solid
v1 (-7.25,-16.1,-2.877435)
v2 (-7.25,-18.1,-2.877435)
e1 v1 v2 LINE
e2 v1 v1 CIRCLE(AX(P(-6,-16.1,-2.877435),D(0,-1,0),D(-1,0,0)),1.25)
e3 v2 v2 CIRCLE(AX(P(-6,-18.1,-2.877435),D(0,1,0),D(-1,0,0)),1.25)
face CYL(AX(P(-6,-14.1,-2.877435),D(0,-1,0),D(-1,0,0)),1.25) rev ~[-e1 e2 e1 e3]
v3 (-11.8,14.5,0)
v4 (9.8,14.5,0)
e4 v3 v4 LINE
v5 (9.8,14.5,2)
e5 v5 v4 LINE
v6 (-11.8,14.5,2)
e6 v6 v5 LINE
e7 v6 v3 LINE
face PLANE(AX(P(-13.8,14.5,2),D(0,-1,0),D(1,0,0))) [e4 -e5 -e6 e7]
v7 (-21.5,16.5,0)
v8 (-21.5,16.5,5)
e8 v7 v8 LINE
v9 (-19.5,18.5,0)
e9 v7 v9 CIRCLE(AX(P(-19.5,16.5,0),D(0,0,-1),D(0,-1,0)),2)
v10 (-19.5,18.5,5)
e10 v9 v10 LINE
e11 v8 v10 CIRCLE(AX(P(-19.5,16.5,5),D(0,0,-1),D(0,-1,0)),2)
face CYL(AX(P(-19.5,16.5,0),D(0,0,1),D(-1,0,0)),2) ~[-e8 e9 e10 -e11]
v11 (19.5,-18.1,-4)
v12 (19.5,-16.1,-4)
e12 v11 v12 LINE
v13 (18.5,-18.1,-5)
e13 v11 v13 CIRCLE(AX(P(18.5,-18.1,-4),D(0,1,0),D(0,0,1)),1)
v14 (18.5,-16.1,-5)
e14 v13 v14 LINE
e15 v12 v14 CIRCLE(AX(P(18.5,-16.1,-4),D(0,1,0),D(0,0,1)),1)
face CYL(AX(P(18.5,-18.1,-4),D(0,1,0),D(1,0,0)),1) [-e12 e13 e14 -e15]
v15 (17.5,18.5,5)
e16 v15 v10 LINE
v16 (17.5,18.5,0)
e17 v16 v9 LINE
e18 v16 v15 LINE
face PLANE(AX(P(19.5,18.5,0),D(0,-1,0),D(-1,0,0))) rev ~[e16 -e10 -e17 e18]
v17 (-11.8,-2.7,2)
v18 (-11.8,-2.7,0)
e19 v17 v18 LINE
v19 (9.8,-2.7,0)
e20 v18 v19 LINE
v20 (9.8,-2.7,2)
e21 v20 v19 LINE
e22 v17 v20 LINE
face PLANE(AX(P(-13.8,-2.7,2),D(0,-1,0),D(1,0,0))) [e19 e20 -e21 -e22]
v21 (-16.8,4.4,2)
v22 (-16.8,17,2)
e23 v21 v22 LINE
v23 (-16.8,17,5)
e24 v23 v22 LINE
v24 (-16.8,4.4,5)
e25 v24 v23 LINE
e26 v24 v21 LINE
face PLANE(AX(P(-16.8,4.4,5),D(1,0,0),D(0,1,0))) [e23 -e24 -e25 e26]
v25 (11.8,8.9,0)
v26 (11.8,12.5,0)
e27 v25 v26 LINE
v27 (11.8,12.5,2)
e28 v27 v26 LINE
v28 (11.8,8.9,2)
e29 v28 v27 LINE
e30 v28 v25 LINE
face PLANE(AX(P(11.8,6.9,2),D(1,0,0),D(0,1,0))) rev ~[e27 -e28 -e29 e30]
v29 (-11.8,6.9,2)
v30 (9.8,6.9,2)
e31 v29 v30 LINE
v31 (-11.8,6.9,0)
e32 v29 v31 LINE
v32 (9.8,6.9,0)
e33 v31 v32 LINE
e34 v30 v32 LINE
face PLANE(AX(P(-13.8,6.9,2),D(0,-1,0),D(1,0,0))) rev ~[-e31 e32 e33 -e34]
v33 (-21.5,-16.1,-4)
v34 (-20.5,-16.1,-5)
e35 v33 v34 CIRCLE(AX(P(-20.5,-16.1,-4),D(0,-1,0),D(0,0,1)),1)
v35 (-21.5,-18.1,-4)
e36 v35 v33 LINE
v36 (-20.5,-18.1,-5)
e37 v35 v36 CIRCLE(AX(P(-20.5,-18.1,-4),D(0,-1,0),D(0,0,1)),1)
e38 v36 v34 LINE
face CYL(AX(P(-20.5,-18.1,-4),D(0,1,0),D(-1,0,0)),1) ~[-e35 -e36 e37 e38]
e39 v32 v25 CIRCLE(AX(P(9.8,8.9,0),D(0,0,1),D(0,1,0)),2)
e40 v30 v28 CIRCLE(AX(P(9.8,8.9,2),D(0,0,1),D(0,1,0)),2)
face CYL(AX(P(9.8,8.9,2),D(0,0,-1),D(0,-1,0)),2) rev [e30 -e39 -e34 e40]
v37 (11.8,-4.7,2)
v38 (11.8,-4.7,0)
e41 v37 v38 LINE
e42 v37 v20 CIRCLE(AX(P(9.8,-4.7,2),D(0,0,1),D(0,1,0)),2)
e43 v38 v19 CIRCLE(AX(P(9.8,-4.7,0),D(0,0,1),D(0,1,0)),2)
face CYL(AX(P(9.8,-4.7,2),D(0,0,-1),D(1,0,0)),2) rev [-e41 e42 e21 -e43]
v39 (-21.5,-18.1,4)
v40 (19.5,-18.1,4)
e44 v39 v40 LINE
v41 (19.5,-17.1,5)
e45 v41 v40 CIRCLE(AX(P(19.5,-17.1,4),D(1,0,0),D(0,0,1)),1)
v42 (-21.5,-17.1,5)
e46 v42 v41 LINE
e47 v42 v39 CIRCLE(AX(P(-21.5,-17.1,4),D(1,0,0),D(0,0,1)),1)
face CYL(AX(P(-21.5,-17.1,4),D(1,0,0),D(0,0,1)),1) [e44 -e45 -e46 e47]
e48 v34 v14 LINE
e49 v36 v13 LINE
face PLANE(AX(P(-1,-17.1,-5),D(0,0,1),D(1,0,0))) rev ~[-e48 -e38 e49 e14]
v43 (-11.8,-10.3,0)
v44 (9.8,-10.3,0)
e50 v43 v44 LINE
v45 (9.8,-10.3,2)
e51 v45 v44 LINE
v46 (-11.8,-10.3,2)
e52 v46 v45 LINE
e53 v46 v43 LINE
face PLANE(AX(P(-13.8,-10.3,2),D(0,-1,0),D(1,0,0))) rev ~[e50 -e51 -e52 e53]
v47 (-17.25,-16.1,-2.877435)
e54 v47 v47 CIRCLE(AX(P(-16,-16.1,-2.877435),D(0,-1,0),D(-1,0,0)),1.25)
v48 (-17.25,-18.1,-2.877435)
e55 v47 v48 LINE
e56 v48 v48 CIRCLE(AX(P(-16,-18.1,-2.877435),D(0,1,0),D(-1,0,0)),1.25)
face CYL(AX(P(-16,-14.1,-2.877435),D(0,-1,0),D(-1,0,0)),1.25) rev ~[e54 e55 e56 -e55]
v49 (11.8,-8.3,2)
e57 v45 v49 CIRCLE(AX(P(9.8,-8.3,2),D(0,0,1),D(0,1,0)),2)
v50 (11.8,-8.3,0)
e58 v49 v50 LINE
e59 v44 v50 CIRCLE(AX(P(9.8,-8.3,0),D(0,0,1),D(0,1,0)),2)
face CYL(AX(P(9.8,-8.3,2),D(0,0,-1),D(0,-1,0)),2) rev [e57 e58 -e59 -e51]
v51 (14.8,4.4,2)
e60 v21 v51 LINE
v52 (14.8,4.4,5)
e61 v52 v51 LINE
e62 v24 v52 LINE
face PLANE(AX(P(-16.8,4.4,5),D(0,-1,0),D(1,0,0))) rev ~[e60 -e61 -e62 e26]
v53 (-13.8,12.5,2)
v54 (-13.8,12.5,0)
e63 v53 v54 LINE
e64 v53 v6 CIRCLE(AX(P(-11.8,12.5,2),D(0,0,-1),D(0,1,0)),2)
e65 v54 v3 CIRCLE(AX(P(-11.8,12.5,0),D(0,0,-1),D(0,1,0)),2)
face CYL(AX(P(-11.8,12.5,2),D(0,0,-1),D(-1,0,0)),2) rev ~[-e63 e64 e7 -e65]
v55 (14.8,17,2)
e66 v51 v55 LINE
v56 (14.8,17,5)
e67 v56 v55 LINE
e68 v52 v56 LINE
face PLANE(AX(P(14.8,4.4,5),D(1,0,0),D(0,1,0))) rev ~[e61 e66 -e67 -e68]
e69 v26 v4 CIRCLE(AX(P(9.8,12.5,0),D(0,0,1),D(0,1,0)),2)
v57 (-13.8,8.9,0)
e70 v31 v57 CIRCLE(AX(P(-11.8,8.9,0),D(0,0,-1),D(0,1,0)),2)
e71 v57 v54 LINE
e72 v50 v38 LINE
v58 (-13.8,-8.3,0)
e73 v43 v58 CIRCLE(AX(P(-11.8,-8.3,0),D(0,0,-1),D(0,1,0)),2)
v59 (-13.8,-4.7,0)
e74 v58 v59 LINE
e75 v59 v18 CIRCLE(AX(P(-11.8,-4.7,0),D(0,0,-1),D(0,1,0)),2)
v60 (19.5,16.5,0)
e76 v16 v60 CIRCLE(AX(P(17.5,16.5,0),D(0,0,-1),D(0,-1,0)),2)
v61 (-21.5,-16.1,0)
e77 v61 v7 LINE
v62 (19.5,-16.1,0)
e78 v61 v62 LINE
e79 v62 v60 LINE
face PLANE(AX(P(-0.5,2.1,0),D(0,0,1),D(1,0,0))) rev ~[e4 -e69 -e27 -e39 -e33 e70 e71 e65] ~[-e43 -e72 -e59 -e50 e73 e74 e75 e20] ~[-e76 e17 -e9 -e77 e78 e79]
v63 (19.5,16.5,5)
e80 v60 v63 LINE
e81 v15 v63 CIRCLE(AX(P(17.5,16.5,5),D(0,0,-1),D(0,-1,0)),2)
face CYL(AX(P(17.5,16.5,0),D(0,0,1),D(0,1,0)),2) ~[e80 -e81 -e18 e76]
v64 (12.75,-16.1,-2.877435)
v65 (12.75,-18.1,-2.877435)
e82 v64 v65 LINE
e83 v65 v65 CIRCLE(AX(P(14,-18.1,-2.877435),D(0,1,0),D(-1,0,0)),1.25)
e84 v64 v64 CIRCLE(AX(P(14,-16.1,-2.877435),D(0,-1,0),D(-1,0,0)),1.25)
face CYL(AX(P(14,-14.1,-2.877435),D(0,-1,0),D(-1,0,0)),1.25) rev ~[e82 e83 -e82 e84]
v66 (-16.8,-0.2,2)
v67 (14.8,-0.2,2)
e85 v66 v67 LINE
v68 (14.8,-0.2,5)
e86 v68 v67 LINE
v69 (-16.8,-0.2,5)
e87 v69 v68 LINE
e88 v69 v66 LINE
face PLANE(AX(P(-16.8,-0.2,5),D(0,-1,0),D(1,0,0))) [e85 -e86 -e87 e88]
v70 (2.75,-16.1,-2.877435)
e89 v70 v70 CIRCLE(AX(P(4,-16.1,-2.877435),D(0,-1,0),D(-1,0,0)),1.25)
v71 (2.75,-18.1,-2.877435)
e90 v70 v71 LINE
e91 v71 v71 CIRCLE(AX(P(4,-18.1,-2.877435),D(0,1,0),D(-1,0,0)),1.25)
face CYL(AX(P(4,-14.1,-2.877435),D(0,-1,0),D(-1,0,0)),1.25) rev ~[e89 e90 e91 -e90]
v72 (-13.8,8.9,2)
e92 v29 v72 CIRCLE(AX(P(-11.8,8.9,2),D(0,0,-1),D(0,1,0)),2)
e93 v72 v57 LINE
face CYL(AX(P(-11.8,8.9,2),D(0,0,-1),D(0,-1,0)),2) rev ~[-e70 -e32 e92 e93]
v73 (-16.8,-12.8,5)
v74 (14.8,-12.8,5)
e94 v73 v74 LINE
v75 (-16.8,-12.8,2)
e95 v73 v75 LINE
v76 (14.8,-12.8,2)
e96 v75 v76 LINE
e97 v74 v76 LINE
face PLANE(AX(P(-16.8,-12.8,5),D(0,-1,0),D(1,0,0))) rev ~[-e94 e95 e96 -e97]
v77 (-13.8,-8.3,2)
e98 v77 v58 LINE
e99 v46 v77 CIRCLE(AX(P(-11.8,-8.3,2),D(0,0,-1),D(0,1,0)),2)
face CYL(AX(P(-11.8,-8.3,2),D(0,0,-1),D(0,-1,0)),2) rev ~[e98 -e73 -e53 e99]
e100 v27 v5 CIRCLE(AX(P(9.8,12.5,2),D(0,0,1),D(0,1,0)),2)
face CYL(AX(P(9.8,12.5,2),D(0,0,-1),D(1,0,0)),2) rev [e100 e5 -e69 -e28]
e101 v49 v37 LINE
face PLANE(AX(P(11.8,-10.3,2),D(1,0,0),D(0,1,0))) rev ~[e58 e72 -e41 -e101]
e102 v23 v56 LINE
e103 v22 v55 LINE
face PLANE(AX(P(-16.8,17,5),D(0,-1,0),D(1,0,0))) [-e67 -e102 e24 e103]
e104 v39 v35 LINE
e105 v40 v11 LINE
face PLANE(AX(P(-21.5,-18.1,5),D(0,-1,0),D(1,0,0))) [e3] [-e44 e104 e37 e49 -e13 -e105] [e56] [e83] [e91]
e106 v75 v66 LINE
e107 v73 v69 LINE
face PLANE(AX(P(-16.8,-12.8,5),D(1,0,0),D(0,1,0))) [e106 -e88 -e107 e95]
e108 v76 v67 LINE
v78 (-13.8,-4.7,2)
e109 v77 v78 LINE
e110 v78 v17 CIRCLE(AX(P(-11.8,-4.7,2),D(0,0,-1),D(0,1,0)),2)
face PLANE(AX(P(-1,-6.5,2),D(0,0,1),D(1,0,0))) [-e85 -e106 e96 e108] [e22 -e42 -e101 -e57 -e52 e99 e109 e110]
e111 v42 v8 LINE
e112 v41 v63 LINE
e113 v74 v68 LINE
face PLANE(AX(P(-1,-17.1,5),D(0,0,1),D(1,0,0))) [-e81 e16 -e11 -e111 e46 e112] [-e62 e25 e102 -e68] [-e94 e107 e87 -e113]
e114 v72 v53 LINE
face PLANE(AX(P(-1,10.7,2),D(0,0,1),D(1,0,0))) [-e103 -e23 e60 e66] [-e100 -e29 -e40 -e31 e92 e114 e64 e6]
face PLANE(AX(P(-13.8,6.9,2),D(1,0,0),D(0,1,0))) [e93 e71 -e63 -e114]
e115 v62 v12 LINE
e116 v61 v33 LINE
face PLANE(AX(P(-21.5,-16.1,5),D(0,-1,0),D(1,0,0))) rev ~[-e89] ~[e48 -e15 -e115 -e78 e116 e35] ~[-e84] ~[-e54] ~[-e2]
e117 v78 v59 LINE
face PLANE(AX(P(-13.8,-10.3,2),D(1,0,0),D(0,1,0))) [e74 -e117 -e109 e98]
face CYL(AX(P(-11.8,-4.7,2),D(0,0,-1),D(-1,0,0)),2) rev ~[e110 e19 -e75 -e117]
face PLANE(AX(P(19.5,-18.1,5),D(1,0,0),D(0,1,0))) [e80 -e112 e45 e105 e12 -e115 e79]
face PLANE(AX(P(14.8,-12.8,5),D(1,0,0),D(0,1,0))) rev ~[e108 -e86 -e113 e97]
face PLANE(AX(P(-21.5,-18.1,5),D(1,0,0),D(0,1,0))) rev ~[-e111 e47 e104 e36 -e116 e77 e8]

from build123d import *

# Parameters (mm, degrees)
SKETCH1_W                   = 42
SKETCH1_H                   = 40.2
BOSS_EXTRUDE1_DEPTH         = 5
SKETCH2_W                   = 31.6
SKETCH2_H                   = 12.6
CUT_EXTRUDE1_DEPTH          = 3
SKETCH3_W                   = 25.6
SKETCH3_H                   = 7.6
CUT_EXTRUDE2_DEPTH          = 3
CUT_EXTRUDE3_DEPTH          = 5
FILLET1_R                   = 2
SKETCH9_W                   = 41
SKETCH9_H                   = 2
BOSS_EXTRUDE3_DEPTH         = 10
FILLET2_R                   = 1
TAP_DRILL_FOR_M3_TAP1_D     = 2.5
TAP_DRILL_FOR_M3_TAP1_DEPTH = 2
TAP_DRILL_FOR_M3_TAP1_TIP   = 0.751075774
FILLET3_R                   = 1


with BuildPart() as part:
    # Sketch1 → Boss-Extrude1 (new body)
    with BuildSketch(Plane.XY):
        with Locations((-0.5, 2.1)):
            Rectangle(SKETCH1_W, SKETCH1_H)
    extrude(amount=BOSS_EXTRUDE1_DEPTH)

    # Sketch2 → Cut-Extrude1 (cut)
    with BuildSketch(Plane.XY.offset(5)):
        with Locations((-1, 10.7)):
            Rectangle(SKETCH2_W, SKETCH2_H)
        with Locations((-1, -6.5)):
            Rectangle(SKETCH2_W, SKETCH2_H)
    extrude(amount=-CUT_EXTRUDE1_DEPTH, mode=Mode.SUBTRACT)

    # Sketch3 → Cut-Extrude2 (cut)
    with BuildSketch(Plane.XY.offset(2)):
        with Locations((-1, 10.7)):
            Rectangle(SKETCH3_W, SKETCH3_H)
        with Locations((-1, -6.5)):
            Rectangle(SKETCH3_W, SKETCH3_H)
    extrude(amount=-CUT_EXTRUDE2_DEPTH, mode=Mode.SUBTRACT)

    # Sketch4 → Cut-Extrude3 (cut)
    with BuildSketch(Plane(origin=(0, 0, 0), x_dir=(-1, 0, 0), z_dir=(0, 0, -1))):
        Polygon((-15.288574128, 22.2), (-20.5, 22.2), (-20.5, 16.307906388), (-20.5, -16.83473783), (-20.5, -18), (-15.288574128, -18), (16.313805872, -18), (21.5, -18), (21.5, -16.83473783), (21.5, -16.1), (-19.5, -16.1), (-19.5, 18.5), (21.5, 18.5), (21.5, 22.2), (16.313805872, 22.2), align=None)
    extrude(amount=-CUT_EXTRUDE3_DEPTH, mode=Mode.SUBTRACT)

    # Fillet1
    fillet1_edges = [part.edges().sort_by_distance(p)[0] for p in [
        (-13.8, 6.9, 1),
        (-13.8, 14.5, 1),
        (11.8, 14.5, 1),
        (11.8, 6.9, 1),
        (-13.8, -10.3, 1),
        (-13.8, -2.7, 1),
        (11.8, -2.7, 1),
        (11.8, -10.3, 1),
        (19.5, 18.5, 2.5),
        (-21.5, 18.5, 2.5),
    ]]
    fillet(fillet1_edges, radius=FILLET1_R)

    # Sketch9 → Boss-Extrude3 (add)
    with BuildSketch(Plane.XY.offset(5)):
        with Locations((-1, -17.1)):
            Rectangle(SKETCH9_W, SKETCH9_H)
    extrude(amount=-BOSS_EXTRUDE3_DEPTH)

    # Fillet2
    fillet2_edges = [part.edges().sort_by_distance(p)[0] for p in [
        (-1, -18.1, 5),
    ]]
    fillet(fillet2_edges, radius=FILLET2_R)

    # Tap Drill for M3 Tap1
    with Locations(Plane(origin=(0, -16.1, 0), x_dir=(1, 0, 0), z_dir=(0, 1, 0))):
        with Locations((14, 2.87743455), (4, 2.87743455), (-6, 2.87743455), (-16, 2.87743455)):
            Hole(TAP_DRILL_FOR_M3_TAP1_D / 2, depth=TAP_DRILL_FOR_M3_TAP1_DEPTH)
            with Locations((0, 0, -(TAP_DRILL_FOR_M3_TAP1_DEPTH + TAP_DRILL_FOR_M3_TAP1_TIP / 2))):  # 118° drill point
                Cone(0, TAP_DRILL_FOR_M3_TAP1_D / 2, TAP_DRILL_FOR_M3_TAP1_TIP, mode=Mode.SUBTRACT)

    # Fillet3
    fillet3_edges = [part.edges().sort_by_distance(p)[0] for p in [
        (-21.5, -17.1, -5),
        (19.5, -17.1, -5),
    ]]
    fillet(fillet3_edges, radius=FILLET3_R)


solid = part.part
